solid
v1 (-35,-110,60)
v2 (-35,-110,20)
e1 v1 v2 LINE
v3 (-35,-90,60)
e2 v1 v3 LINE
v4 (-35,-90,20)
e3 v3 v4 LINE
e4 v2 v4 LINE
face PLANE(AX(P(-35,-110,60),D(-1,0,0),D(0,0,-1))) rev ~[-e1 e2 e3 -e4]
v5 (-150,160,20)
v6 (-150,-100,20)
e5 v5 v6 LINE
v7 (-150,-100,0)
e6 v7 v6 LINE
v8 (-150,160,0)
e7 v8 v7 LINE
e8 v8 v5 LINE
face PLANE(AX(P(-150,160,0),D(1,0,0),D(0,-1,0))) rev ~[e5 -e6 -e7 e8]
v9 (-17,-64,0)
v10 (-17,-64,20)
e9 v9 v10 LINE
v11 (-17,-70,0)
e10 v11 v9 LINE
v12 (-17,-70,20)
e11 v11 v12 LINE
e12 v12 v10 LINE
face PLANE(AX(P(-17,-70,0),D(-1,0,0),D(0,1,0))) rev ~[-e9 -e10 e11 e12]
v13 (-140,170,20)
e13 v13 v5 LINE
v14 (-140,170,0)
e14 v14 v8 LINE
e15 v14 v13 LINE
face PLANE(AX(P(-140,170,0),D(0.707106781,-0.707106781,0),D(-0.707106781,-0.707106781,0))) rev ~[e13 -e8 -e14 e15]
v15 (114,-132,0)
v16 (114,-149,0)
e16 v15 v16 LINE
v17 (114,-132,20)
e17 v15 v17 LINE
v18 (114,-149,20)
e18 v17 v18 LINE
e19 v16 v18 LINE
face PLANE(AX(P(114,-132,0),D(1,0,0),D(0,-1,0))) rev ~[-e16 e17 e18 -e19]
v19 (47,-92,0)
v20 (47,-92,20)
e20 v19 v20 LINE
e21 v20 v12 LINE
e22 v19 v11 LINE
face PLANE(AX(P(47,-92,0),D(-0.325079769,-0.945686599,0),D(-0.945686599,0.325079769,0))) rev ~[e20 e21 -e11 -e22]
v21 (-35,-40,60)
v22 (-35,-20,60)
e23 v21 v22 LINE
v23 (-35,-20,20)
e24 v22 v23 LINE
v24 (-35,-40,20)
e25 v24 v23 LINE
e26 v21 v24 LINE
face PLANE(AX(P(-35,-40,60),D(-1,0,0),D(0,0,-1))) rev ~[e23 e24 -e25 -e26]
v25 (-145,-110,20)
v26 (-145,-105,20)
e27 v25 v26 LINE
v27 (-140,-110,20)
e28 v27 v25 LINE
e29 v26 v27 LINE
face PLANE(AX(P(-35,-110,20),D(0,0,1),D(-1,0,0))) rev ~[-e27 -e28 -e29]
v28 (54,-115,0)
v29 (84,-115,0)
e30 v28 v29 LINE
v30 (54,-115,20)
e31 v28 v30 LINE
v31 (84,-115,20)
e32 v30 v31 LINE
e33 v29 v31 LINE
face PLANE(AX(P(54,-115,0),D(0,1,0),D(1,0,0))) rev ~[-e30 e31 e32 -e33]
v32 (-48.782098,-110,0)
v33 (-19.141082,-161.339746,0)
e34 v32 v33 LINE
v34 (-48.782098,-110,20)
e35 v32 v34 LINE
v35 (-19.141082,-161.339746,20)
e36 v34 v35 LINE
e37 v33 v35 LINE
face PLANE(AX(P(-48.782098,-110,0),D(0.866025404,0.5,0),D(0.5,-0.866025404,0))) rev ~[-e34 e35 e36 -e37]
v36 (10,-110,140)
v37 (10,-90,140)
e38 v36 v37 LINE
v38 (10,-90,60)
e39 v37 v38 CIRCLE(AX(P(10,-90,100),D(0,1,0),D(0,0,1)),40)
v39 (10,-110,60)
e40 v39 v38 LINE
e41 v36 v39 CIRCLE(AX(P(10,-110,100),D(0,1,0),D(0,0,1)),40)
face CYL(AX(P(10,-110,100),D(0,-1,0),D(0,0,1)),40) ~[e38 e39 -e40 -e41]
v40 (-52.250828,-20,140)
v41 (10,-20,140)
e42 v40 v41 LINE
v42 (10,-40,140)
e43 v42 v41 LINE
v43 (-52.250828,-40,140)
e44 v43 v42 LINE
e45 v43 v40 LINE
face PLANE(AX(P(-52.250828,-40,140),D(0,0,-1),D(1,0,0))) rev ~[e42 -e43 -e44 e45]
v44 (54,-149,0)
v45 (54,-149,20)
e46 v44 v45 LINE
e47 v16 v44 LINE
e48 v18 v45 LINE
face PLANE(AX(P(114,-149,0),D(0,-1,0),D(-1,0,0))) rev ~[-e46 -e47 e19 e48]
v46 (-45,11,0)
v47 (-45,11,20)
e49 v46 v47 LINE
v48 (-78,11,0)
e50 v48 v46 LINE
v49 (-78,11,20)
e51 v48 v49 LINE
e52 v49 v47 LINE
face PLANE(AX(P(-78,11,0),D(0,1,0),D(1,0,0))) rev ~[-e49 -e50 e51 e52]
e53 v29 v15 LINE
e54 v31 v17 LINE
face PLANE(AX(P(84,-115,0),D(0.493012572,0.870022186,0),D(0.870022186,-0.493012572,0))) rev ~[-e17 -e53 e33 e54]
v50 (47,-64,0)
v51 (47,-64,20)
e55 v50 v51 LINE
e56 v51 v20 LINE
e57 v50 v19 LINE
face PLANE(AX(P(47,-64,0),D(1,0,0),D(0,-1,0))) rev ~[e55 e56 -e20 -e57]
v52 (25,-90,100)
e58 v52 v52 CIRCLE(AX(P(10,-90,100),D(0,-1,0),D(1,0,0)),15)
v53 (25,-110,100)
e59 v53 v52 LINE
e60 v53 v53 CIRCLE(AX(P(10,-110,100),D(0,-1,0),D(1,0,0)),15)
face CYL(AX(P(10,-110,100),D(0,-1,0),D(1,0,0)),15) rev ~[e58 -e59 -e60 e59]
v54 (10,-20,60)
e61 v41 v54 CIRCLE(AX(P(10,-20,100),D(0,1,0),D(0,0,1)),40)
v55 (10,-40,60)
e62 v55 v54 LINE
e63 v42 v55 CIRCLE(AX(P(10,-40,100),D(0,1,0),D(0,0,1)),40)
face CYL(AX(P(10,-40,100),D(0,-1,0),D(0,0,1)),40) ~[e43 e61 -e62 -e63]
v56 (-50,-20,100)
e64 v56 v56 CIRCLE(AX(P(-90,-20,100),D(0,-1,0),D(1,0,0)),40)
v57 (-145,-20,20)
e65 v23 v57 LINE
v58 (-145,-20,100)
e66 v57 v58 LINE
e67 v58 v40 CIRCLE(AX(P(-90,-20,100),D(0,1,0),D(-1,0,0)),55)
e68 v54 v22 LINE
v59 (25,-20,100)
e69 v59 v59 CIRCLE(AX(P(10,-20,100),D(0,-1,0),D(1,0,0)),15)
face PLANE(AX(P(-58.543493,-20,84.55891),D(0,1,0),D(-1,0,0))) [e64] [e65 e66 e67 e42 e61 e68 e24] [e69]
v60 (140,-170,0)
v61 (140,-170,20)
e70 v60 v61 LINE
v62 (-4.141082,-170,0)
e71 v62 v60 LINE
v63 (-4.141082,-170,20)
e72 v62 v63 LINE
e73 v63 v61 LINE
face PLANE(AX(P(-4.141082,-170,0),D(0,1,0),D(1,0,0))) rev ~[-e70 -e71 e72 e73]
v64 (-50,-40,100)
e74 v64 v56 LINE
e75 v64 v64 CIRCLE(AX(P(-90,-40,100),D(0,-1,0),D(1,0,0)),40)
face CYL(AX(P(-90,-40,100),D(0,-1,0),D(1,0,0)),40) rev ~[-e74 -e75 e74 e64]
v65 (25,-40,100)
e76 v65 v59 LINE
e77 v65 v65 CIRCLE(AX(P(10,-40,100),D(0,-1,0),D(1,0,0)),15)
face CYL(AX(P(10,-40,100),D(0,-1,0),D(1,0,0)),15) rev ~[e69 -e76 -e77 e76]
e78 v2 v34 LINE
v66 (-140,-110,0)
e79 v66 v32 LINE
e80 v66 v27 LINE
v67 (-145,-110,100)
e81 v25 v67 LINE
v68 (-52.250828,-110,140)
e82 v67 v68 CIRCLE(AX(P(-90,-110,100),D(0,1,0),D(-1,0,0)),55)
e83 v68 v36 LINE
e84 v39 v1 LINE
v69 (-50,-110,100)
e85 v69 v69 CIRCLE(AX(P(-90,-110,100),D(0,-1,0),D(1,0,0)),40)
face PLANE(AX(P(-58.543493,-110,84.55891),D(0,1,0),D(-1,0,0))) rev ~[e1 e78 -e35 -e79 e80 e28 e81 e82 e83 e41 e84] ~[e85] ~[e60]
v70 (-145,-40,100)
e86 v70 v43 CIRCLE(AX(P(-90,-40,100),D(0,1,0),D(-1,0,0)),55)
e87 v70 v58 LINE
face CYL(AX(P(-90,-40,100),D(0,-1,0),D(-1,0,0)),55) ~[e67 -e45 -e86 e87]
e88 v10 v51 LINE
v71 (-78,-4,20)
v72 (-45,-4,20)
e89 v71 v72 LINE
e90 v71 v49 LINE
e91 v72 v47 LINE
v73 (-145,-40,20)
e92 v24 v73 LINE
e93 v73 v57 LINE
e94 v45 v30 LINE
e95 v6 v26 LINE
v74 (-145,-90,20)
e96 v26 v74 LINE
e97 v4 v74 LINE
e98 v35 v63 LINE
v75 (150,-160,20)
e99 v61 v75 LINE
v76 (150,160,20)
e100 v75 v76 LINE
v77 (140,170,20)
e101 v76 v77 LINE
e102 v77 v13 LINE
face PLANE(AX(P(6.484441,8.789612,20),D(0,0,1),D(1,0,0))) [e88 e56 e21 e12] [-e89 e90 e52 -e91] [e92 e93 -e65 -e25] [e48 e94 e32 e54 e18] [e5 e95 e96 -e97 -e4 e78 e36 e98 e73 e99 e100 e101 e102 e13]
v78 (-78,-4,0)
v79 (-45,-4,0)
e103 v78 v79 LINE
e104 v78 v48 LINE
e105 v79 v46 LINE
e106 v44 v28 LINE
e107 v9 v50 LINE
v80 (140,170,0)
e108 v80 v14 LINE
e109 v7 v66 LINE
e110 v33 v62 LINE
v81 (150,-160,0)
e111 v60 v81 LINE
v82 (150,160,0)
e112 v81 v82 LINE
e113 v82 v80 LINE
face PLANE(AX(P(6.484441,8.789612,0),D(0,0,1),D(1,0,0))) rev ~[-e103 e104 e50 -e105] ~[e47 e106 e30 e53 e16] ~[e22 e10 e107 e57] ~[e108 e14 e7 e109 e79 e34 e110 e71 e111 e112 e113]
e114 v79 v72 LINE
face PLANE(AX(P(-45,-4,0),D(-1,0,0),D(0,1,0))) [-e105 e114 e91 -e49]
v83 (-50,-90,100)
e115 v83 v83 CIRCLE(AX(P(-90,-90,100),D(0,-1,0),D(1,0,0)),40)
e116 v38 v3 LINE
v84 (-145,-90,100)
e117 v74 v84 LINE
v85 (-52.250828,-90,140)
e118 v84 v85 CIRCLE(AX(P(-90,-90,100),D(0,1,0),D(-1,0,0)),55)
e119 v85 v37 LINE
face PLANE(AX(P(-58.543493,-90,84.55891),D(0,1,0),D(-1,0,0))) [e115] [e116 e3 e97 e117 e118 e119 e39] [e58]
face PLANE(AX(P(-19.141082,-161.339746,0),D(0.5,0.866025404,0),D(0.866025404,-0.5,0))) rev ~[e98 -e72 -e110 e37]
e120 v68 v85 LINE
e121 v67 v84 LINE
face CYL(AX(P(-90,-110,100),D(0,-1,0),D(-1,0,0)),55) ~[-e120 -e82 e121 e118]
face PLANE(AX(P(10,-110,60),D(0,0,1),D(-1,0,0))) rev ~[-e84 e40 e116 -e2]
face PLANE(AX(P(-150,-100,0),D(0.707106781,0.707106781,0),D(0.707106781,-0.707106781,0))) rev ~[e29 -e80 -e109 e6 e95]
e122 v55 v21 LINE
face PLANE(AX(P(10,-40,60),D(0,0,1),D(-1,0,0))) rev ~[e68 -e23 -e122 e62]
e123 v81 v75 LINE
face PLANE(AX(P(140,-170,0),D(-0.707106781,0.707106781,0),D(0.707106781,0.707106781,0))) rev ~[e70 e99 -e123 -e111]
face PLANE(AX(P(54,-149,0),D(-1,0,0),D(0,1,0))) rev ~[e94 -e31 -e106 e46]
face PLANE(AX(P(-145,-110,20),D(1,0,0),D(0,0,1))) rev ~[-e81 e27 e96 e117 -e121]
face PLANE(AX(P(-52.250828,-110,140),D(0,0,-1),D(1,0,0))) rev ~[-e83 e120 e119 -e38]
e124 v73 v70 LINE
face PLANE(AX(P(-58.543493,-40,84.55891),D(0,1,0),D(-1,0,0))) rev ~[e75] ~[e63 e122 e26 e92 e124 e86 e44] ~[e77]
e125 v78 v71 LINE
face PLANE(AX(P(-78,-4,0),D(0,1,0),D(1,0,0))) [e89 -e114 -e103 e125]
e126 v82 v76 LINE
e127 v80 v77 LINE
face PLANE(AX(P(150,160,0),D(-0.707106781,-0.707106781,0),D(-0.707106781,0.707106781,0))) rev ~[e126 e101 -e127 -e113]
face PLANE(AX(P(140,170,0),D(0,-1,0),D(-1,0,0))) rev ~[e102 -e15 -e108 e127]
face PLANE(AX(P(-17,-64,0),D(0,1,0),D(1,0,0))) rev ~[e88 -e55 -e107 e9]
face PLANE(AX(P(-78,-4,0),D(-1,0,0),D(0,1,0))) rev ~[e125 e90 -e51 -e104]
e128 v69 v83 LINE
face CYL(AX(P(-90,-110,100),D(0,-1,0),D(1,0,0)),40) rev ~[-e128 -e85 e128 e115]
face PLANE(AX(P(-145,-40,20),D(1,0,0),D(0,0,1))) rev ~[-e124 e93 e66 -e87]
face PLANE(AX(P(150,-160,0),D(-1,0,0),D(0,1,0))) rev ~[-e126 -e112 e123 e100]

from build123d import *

# Parameters (mm, degrees)
SKETCH2_W           = 33
SKETCH2_H           = 15
BOSS_EXTRUDE1_DEPTH = 20
SKETCH7_R           = 40
SKETCH7_R_2         = 15
BOSS_EXTRUDE5_DEPTH = 20
LPATTERN2_COUNT     = 2
LPATTERN2_PITCH     = 70


with BuildPart() as part:
    # Sketch2 → Boss-Extrude1 (new body)
    with BuildSketch(Plane.XY):
        Polygon((-140, -110), (-48.782097787, -110), (-19.141081636, -161.339745962), (-4.141081636, -170), (140, -170), (150, -160), (150, 160), (140, 170), (-140, 170), (-150, 160), (-150, -100), align=None)
        Polygon((84, -115), (114, -132), (114, -149), (54, -149), (54, -115), align=None, mode=Mode.SUBTRACT)
        Polygon((47, -92), (-17, -70), (-17, -64), (47, -64), align=None, mode=Mode.SUBTRACT)
        with Locations((-61.5, 3.5)):
            Rectangle(SKETCH2_W, SKETCH2_H, mode=Mode.SUBTRACT)
    extrude(amount=BOSS_EXTRUDE1_DEPTH)

    # Sketch7 → Boss-Extrude5 (add)
    with BuildSketch(Plane.XZ.offset(110)):
        with BuildLine():
            Line((-145, 20), (-145, 100))
            ThreePointArc((-145, 100), (-111.780674121, 150.503487353), (-52.250827824, 140))
            Line((-52.250827824, 140), (10, 140))
            ThreePointArc((10, 140), (50, 100), (10, 60))
            Line((10, 60), (-35, 60))
            Line((-35, 60), (-35, 20))
            Line((-35, 20), (-145, 20))
        make_face()
        with Locations((-90, 100)):
            Circle(SKETCH7_R, mode=Mode.SUBTRACT)
        with Locations((10, 100)):
            Circle(SKETCH7_R_2, mode=Mode.SUBTRACT)
    boss_extrude5 = extrude(amount=-BOSS_EXTRUDE5_DEPTH)

    # LPattern2: Boss-Extrude5 ×2
    with Locations(*[(0, i * LPATTERN2_PITCH, 0) for i in range(1, LPATTERN2_COUNT)]):
        add(boss_extrude5)


solid = part.part
